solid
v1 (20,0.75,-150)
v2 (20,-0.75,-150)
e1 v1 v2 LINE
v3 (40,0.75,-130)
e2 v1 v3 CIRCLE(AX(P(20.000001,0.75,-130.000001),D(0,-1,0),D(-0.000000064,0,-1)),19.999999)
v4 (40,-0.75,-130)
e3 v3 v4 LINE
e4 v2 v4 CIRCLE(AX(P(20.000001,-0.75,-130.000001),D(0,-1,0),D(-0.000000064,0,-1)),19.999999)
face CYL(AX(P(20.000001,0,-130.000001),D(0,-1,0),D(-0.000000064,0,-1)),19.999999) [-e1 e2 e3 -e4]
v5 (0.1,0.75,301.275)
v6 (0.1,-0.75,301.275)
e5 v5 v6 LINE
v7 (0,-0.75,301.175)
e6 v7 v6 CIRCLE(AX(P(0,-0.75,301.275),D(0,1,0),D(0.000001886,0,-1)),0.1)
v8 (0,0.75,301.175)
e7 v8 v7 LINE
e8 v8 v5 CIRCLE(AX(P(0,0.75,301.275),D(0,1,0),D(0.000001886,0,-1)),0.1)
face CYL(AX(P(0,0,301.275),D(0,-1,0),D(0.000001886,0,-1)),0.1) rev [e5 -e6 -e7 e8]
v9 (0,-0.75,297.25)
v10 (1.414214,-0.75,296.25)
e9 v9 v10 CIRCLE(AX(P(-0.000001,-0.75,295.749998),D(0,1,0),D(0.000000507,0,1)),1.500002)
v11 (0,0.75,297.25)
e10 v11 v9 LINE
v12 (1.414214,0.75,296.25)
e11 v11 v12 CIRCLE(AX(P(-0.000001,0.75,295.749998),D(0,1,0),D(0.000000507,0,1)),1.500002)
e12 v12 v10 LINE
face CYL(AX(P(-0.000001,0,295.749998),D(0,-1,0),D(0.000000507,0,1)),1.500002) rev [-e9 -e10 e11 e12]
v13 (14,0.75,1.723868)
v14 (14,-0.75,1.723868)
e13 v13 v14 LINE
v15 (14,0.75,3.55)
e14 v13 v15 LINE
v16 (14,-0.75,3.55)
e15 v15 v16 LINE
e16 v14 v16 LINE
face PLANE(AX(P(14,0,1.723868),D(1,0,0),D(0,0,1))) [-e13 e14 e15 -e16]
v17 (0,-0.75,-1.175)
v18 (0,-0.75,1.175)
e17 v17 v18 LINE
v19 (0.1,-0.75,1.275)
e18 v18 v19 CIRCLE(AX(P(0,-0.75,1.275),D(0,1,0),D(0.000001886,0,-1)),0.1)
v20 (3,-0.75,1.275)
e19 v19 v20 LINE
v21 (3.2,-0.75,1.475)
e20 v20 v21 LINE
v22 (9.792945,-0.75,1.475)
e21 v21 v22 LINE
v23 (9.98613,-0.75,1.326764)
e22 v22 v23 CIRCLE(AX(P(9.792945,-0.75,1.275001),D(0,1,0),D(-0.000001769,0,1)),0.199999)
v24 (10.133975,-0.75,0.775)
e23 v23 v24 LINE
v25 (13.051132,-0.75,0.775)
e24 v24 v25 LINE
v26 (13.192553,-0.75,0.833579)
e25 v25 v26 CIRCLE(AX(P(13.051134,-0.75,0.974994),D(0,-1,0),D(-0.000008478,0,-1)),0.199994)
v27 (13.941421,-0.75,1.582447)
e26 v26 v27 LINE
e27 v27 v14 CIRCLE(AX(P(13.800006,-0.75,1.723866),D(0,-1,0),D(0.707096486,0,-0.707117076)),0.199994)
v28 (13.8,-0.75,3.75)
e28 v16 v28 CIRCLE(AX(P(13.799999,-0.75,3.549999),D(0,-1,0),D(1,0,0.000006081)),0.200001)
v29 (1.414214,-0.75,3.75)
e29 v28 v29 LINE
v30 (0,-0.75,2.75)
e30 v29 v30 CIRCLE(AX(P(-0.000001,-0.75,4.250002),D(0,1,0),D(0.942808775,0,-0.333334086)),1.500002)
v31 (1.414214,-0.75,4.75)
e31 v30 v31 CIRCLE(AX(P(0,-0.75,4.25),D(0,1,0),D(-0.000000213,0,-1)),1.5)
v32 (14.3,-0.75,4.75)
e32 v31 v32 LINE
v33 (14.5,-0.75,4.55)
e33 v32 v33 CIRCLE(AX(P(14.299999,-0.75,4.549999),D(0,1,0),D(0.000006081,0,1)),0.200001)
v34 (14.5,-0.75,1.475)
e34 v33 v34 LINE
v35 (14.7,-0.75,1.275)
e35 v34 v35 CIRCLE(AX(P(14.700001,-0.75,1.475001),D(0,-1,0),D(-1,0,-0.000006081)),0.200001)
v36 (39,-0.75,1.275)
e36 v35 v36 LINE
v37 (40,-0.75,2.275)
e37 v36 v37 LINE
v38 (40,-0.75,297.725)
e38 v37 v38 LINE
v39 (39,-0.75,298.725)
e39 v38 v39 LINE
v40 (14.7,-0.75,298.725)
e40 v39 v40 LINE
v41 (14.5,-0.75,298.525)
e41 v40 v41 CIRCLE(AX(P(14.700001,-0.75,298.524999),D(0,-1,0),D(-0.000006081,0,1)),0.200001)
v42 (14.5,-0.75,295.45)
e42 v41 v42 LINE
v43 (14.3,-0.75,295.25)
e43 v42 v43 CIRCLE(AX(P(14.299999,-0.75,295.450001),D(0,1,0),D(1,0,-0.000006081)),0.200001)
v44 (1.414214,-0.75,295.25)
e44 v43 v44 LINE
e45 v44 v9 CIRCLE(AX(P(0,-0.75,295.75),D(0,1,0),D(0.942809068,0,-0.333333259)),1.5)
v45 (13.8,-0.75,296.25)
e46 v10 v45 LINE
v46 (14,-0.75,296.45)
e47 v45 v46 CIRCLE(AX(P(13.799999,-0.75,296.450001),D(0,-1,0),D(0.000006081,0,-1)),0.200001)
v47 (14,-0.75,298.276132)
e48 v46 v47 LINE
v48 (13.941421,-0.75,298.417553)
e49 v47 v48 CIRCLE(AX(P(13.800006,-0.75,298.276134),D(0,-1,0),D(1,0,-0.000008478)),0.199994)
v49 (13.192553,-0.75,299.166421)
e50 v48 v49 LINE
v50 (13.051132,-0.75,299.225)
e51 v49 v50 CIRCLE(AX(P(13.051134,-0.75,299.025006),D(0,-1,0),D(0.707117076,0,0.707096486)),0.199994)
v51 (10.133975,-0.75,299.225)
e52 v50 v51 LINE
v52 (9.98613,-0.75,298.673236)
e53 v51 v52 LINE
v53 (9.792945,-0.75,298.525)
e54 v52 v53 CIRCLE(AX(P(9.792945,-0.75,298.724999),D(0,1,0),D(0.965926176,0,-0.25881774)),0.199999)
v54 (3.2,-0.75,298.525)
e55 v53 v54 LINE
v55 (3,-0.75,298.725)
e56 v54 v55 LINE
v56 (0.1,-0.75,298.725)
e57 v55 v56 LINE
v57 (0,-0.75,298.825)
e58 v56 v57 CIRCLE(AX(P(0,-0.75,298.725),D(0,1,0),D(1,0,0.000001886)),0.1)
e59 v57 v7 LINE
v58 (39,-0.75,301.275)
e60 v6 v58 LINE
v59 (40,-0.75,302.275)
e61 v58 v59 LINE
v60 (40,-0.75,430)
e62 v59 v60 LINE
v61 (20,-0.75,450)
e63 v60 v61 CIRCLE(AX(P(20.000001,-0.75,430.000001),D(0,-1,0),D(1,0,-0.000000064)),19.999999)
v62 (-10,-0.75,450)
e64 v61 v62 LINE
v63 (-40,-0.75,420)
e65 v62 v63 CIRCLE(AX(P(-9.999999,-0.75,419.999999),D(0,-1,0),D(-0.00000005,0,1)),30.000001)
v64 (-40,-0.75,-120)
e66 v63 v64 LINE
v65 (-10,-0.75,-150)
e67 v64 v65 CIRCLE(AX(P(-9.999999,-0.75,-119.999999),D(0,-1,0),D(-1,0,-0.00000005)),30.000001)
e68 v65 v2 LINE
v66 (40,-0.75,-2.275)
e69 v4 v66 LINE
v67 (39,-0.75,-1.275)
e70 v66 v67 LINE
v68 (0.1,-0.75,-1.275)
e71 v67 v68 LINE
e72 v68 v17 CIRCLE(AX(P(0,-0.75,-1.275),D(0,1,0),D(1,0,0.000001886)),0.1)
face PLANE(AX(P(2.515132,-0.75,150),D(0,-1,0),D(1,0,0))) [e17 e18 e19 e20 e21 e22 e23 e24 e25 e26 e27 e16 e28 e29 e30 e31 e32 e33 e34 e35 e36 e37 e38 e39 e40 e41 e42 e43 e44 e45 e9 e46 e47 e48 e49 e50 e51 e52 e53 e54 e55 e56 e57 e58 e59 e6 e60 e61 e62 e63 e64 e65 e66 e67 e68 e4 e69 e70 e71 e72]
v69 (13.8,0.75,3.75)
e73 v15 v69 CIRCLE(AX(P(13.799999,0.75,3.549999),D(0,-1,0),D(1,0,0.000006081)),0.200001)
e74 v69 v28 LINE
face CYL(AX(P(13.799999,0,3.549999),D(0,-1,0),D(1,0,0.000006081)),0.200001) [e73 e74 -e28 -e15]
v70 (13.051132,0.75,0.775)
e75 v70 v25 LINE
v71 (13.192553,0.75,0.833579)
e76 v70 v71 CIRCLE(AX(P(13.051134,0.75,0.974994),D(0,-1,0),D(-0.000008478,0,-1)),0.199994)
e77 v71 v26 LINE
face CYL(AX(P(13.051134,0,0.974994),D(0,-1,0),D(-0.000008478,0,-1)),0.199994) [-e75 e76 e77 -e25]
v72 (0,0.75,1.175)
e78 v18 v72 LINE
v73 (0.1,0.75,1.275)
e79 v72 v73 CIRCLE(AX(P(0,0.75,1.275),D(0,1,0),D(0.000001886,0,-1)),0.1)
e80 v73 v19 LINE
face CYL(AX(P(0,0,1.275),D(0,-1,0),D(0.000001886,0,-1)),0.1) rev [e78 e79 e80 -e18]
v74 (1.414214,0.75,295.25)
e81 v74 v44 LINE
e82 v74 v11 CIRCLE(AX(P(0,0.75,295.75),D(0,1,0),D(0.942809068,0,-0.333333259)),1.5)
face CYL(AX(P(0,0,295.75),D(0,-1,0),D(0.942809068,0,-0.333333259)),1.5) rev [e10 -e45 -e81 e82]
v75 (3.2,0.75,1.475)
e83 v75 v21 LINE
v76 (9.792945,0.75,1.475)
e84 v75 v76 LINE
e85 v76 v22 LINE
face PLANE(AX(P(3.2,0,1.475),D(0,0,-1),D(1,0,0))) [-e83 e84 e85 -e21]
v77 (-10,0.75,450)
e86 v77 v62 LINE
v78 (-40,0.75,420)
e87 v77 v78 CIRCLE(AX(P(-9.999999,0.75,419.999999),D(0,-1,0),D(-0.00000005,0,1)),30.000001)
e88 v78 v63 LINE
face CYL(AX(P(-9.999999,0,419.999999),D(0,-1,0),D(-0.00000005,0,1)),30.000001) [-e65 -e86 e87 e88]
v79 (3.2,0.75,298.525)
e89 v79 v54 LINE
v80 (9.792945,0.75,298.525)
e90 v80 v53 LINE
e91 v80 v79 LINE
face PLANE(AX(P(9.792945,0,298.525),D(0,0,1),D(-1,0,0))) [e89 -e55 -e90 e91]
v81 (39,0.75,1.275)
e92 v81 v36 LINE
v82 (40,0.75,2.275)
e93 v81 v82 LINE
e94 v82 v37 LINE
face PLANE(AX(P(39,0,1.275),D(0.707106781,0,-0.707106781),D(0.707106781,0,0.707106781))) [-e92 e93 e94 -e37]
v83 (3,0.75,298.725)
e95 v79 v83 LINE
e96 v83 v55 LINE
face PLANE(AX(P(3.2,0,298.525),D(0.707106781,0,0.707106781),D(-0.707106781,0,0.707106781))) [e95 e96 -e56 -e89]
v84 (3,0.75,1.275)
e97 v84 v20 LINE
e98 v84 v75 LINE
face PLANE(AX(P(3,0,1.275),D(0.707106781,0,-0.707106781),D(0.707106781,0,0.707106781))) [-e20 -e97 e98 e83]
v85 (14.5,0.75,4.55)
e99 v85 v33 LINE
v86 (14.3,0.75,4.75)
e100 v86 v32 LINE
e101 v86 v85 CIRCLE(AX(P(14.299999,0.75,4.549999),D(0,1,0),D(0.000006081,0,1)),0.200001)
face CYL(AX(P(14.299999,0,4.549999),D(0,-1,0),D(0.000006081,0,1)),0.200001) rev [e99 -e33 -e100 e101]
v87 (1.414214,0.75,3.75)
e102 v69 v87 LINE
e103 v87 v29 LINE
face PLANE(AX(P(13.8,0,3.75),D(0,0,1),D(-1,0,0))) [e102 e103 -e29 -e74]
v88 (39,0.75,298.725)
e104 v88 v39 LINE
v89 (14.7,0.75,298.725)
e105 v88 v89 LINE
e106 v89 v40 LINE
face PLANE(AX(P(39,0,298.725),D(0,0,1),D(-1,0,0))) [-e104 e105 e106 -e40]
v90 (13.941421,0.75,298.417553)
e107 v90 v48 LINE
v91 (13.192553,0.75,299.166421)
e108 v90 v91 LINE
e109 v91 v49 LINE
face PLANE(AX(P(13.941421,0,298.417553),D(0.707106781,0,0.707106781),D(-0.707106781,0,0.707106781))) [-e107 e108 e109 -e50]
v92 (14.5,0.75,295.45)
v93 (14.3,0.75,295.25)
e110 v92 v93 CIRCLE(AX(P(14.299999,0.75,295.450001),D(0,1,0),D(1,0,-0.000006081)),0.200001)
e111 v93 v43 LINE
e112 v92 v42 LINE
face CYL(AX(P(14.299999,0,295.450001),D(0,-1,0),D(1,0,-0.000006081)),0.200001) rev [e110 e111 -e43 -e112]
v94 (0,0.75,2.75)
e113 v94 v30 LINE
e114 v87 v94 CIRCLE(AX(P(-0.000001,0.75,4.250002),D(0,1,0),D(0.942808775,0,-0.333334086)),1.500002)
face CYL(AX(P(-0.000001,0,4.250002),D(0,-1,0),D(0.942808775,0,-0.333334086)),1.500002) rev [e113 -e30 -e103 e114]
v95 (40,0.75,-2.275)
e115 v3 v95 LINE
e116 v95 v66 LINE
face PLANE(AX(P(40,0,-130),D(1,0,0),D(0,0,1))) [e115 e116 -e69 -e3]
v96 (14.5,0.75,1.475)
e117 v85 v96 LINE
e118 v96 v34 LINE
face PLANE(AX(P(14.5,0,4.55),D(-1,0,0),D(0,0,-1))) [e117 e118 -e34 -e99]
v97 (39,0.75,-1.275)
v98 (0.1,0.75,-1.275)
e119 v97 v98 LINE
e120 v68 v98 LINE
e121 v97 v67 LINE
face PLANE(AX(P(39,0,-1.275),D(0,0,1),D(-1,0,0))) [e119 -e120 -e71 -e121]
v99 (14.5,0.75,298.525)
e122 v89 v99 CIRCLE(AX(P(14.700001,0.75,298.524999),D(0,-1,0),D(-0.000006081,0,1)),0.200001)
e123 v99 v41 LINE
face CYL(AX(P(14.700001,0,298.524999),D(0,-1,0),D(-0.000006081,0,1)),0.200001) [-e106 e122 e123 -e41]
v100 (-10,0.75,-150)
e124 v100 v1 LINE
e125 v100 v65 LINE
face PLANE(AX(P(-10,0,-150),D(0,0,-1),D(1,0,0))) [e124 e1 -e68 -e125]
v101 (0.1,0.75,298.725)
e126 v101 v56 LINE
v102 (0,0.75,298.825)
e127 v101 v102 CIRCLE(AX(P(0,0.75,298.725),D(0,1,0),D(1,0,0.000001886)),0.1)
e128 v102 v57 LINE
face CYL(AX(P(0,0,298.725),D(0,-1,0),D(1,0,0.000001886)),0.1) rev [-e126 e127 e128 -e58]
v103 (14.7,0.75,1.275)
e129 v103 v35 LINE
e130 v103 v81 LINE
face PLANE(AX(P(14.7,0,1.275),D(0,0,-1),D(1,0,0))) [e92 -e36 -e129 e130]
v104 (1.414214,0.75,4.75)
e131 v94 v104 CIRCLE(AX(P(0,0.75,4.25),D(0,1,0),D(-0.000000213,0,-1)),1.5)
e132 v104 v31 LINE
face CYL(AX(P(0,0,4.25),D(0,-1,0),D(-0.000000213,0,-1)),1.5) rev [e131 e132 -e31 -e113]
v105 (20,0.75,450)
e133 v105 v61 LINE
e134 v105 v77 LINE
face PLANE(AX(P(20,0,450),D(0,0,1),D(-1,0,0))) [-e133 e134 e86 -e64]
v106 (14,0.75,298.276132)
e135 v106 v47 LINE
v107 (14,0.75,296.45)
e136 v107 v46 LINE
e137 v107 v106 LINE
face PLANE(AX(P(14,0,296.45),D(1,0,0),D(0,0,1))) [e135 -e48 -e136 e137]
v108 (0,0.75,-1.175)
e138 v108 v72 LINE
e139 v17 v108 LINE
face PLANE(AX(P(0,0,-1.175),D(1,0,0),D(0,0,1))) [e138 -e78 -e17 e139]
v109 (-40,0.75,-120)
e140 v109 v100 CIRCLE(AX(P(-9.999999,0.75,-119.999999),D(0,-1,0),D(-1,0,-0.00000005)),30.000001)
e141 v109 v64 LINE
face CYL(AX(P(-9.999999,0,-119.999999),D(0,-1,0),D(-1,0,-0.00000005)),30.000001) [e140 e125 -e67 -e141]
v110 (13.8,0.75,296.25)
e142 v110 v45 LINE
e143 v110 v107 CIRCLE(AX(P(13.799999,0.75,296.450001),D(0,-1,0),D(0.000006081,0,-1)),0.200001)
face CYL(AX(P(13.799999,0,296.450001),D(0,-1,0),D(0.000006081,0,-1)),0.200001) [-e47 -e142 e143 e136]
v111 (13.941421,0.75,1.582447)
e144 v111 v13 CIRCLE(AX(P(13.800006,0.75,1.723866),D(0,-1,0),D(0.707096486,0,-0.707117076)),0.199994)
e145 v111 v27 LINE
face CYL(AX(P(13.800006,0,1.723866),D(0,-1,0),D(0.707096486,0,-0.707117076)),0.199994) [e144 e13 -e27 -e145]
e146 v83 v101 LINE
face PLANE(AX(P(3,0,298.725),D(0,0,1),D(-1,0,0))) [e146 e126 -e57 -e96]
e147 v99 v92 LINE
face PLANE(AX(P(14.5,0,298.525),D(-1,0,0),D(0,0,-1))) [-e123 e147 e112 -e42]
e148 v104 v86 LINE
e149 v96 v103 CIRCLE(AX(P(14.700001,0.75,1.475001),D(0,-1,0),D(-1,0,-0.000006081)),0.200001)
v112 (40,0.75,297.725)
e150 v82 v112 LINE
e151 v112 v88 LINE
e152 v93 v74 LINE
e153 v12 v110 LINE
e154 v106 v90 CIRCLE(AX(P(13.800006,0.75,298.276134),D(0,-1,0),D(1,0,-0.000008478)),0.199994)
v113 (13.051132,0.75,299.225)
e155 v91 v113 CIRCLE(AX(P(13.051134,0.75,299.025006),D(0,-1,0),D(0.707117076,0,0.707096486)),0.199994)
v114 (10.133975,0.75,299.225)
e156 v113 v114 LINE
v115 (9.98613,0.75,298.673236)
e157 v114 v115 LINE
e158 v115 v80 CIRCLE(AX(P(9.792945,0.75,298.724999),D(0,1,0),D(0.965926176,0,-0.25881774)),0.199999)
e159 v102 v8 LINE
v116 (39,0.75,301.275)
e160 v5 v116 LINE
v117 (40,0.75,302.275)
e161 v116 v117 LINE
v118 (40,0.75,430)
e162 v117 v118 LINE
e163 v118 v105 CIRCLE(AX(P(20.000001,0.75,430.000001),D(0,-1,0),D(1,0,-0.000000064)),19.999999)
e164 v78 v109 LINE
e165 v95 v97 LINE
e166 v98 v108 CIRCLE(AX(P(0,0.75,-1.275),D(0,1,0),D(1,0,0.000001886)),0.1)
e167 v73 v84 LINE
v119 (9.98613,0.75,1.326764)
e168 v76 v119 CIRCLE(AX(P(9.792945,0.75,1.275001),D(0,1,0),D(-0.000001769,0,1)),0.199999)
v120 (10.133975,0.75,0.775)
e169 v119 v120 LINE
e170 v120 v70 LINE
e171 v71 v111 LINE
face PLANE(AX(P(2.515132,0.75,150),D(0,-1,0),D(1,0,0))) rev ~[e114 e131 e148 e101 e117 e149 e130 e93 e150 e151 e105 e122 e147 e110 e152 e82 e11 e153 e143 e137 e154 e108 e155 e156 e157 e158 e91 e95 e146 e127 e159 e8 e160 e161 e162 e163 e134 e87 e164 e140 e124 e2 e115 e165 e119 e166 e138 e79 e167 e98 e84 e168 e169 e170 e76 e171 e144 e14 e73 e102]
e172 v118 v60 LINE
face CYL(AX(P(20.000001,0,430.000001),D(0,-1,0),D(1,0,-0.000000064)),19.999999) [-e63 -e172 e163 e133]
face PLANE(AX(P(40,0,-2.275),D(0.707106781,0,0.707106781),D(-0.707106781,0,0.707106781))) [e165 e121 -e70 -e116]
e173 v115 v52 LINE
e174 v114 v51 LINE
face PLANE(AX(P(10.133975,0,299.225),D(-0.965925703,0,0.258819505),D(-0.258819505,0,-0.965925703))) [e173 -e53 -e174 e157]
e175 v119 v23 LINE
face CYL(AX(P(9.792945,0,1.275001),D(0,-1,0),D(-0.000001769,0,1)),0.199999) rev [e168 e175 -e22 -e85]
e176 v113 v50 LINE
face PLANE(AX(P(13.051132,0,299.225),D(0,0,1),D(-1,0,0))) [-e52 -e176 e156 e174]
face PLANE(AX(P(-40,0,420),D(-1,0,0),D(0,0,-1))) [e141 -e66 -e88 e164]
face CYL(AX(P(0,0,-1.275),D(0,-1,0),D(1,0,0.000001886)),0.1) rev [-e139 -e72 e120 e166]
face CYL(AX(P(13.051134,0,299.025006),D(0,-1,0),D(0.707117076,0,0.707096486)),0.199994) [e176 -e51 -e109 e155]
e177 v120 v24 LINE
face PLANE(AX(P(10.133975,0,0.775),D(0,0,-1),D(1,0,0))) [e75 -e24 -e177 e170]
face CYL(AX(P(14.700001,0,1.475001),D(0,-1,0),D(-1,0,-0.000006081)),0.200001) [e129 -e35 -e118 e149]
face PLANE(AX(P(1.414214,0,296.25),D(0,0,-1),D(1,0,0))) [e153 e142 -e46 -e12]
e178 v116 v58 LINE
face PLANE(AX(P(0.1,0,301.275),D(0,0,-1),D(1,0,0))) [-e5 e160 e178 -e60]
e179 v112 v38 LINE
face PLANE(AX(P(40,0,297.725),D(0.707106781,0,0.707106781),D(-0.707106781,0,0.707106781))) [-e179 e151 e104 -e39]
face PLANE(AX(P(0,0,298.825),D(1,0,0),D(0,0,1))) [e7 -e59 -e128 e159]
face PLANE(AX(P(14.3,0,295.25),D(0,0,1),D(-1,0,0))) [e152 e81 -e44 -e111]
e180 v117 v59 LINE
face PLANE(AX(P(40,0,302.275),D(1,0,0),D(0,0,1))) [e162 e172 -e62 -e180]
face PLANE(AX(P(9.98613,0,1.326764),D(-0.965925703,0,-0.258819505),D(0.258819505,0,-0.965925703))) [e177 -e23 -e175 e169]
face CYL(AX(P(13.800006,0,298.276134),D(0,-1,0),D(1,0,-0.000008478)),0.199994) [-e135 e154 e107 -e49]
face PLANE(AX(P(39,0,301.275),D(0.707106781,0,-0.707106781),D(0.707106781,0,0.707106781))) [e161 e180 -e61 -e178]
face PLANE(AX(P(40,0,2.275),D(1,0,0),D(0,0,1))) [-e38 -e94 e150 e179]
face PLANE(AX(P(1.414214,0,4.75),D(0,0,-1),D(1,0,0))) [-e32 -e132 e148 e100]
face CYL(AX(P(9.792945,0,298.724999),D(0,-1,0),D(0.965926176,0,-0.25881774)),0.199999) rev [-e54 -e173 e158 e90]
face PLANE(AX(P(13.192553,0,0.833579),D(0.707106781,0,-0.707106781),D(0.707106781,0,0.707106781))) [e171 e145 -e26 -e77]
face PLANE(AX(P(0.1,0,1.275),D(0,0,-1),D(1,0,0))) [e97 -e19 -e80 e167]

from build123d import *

# Parameters (mm, degrees)
F1_DEPTH      = 0.75
F1_DEPTH_BACK = 0.75


with BuildPart() as f1:
    # F0 (on Front) → F1 (new body, two sides)
    with BuildSketch(Plane.XZ) as f1_sk:
        with BuildLine():
            ThreePointArc((0, 1.175), (-0.070711, 1.345711), (0.1, 1.275))
            Line((0.1, 1.275), (3, 1.275))
            Line((3, 1.275), (3.2, 1.475))
            Line((3.2, 1.475), (9.792945, 1.475))
            ThreePointArc((9.792945, 1.475), (9.914697, 1.433671), (9.98613, 1.326764))
            Line((9.98613, 1.326764), (10.133975, 0.775))
            Line((10.133975, 0.775), (13.051132, 0.775))
            ThreePointArc((13.051132, 0.775), (13.127669, 0.790224), (13.192553, 0.833579))
            Line((13.192553, 0.833579), (13.941421, 1.582447))
            ThreePointArc((13.941421, 1.582447), (13.984776, 1.647331), (14, 1.723868))
            Line((14, 1.723868), (14, 3.55))
            ThreePointArc((14, 3.55), (13.941421, 3.691421), (13.8, 3.75))
            Line((13.8, 3.75), (1.414214, 3.75))
            ThreePointArc((1.414214, 3.75), (0.866025, 3.025255), (0, 2.75))
            ThreePointArc((0, 2.75), (-1.224745, 5.116025), (1.414214, 4.75))
            Line((1.414214, 4.75), (14.3, 4.75))
            ThreePointArc((14.3, 4.75), (14.441421, 4.691421), (14.5, 4.55))
            Line((14.5, 4.55), (14.5, 1.475))
            ThreePointArc((14.5, 1.475), (14.558579, 1.333579), (14.7, 1.275))
            Line((14.7, 1.275), (39, 1.275))
            Line((39, 1.275), (40, 2.275))
            Line((40, 2.275), (40, 150))
            Line((40, 150), (40, 297.725))
            Line((40, 297.725), (39, 298.725))
            Line((39, 298.725), (14.7, 298.725))
            ThreePointArc((14.7, 298.725), (14.558579, 298.666421), (14.5, 298.525))
            Line((14.5, 298.525), (14.5, 295.45))
            ThreePointArc((14.5, 295.45), (14.441421, 295.308579), (14.3, 295.25))
            Line((14.3, 295.25), (1.414214, 295.25))
            ThreePointArc((1.414214, 295.25), (-1.224745, 294.883975), (0, 297.25))
            ThreePointArc((0, 297.25), (0.866025, 296.974745), (1.414214, 296.25))
            Line((1.414214, 296.25), (13.8, 296.25))
            ThreePointArc((13.8, 296.25), (13.941421, 296.308579), (14, 296.45))
            Line((14, 296.45), (14, 298.276132))
            ThreePointArc((14, 298.276132), (13.984776, 298.352669), (13.941421, 298.417553))
            Line((13.941421, 298.417553), (13.192553, 299.166421))
            ThreePointArc((13.192553, 299.166421), (13.127669, 299.209776), (13.051132, 299.225))
            Line((13.051132, 299.225), (10.133975, 299.225))
            Line((10.133975, 299.225), (9.98613, 298.673236))
            ThreePointArc((9.98613, 298.673236), (9.914697, 298.566329), (9.792945, 298.525))
            Line((9.792945, 298.525), (3.2, 298.525))
            Line((3.2, 298.525), (3, 298.725))
            Line((3, 298.725), (0.1, 298.725))
            ThreePointArc((0.1, 298.725), (-0.070711, 298.654289), (0, 298.825))
            Line((0, 298.825), (0, 300))
            Line((0, 300), (0, 301.175))
            ThreePointArc((0, 301.175), (-0.070711, 301.345711), (0.1, 301.275))
            Line((0.1, 301.275), (14.7, 301.275))
            Line((14.7, 301.275), (39, 301.275))
            Line((39, 301.275), (40, 302.275))
            Line((40, 302.275), (40, 430))
            ThreePointArc((40, 430), (34.142136, 444.142136), (20, 450))
            Line((20, 450), (-10, 450))
            ThreePointArc((-10, 450), (-31.213203, 441.213203), (-40, 420))
            Line((-40, 420), (-40, -120))
            ThreePointArc((-40, -120), (-31.213203, -141.213203), (-10, -150))
            Line((-10, -150), (20, -150))
            ThreePointArc((20, -150), (34.142136, -144.142136), (40, -130))
            Line((40, -130), (40, -2.275))
            Line((40, -2.275), (39, -1.275))
            Line((39, -1.275), (14.7, -1.275))
            Line((14.7, -1.275), (0.1, -1.275))
            ThreePointArc((0.1, -1.275), (-0.070711, -1.345711), (0, -1.175))
            Line((0, -1.175), (0, 0))
            Line((0, 0), (0, 1.175))
        make_face()
    extrude(amount=F1_DEPTH)
    extrude(f1_sk.sketch, amount=-F1_DEPTH_BACK)


solid = f1.part
